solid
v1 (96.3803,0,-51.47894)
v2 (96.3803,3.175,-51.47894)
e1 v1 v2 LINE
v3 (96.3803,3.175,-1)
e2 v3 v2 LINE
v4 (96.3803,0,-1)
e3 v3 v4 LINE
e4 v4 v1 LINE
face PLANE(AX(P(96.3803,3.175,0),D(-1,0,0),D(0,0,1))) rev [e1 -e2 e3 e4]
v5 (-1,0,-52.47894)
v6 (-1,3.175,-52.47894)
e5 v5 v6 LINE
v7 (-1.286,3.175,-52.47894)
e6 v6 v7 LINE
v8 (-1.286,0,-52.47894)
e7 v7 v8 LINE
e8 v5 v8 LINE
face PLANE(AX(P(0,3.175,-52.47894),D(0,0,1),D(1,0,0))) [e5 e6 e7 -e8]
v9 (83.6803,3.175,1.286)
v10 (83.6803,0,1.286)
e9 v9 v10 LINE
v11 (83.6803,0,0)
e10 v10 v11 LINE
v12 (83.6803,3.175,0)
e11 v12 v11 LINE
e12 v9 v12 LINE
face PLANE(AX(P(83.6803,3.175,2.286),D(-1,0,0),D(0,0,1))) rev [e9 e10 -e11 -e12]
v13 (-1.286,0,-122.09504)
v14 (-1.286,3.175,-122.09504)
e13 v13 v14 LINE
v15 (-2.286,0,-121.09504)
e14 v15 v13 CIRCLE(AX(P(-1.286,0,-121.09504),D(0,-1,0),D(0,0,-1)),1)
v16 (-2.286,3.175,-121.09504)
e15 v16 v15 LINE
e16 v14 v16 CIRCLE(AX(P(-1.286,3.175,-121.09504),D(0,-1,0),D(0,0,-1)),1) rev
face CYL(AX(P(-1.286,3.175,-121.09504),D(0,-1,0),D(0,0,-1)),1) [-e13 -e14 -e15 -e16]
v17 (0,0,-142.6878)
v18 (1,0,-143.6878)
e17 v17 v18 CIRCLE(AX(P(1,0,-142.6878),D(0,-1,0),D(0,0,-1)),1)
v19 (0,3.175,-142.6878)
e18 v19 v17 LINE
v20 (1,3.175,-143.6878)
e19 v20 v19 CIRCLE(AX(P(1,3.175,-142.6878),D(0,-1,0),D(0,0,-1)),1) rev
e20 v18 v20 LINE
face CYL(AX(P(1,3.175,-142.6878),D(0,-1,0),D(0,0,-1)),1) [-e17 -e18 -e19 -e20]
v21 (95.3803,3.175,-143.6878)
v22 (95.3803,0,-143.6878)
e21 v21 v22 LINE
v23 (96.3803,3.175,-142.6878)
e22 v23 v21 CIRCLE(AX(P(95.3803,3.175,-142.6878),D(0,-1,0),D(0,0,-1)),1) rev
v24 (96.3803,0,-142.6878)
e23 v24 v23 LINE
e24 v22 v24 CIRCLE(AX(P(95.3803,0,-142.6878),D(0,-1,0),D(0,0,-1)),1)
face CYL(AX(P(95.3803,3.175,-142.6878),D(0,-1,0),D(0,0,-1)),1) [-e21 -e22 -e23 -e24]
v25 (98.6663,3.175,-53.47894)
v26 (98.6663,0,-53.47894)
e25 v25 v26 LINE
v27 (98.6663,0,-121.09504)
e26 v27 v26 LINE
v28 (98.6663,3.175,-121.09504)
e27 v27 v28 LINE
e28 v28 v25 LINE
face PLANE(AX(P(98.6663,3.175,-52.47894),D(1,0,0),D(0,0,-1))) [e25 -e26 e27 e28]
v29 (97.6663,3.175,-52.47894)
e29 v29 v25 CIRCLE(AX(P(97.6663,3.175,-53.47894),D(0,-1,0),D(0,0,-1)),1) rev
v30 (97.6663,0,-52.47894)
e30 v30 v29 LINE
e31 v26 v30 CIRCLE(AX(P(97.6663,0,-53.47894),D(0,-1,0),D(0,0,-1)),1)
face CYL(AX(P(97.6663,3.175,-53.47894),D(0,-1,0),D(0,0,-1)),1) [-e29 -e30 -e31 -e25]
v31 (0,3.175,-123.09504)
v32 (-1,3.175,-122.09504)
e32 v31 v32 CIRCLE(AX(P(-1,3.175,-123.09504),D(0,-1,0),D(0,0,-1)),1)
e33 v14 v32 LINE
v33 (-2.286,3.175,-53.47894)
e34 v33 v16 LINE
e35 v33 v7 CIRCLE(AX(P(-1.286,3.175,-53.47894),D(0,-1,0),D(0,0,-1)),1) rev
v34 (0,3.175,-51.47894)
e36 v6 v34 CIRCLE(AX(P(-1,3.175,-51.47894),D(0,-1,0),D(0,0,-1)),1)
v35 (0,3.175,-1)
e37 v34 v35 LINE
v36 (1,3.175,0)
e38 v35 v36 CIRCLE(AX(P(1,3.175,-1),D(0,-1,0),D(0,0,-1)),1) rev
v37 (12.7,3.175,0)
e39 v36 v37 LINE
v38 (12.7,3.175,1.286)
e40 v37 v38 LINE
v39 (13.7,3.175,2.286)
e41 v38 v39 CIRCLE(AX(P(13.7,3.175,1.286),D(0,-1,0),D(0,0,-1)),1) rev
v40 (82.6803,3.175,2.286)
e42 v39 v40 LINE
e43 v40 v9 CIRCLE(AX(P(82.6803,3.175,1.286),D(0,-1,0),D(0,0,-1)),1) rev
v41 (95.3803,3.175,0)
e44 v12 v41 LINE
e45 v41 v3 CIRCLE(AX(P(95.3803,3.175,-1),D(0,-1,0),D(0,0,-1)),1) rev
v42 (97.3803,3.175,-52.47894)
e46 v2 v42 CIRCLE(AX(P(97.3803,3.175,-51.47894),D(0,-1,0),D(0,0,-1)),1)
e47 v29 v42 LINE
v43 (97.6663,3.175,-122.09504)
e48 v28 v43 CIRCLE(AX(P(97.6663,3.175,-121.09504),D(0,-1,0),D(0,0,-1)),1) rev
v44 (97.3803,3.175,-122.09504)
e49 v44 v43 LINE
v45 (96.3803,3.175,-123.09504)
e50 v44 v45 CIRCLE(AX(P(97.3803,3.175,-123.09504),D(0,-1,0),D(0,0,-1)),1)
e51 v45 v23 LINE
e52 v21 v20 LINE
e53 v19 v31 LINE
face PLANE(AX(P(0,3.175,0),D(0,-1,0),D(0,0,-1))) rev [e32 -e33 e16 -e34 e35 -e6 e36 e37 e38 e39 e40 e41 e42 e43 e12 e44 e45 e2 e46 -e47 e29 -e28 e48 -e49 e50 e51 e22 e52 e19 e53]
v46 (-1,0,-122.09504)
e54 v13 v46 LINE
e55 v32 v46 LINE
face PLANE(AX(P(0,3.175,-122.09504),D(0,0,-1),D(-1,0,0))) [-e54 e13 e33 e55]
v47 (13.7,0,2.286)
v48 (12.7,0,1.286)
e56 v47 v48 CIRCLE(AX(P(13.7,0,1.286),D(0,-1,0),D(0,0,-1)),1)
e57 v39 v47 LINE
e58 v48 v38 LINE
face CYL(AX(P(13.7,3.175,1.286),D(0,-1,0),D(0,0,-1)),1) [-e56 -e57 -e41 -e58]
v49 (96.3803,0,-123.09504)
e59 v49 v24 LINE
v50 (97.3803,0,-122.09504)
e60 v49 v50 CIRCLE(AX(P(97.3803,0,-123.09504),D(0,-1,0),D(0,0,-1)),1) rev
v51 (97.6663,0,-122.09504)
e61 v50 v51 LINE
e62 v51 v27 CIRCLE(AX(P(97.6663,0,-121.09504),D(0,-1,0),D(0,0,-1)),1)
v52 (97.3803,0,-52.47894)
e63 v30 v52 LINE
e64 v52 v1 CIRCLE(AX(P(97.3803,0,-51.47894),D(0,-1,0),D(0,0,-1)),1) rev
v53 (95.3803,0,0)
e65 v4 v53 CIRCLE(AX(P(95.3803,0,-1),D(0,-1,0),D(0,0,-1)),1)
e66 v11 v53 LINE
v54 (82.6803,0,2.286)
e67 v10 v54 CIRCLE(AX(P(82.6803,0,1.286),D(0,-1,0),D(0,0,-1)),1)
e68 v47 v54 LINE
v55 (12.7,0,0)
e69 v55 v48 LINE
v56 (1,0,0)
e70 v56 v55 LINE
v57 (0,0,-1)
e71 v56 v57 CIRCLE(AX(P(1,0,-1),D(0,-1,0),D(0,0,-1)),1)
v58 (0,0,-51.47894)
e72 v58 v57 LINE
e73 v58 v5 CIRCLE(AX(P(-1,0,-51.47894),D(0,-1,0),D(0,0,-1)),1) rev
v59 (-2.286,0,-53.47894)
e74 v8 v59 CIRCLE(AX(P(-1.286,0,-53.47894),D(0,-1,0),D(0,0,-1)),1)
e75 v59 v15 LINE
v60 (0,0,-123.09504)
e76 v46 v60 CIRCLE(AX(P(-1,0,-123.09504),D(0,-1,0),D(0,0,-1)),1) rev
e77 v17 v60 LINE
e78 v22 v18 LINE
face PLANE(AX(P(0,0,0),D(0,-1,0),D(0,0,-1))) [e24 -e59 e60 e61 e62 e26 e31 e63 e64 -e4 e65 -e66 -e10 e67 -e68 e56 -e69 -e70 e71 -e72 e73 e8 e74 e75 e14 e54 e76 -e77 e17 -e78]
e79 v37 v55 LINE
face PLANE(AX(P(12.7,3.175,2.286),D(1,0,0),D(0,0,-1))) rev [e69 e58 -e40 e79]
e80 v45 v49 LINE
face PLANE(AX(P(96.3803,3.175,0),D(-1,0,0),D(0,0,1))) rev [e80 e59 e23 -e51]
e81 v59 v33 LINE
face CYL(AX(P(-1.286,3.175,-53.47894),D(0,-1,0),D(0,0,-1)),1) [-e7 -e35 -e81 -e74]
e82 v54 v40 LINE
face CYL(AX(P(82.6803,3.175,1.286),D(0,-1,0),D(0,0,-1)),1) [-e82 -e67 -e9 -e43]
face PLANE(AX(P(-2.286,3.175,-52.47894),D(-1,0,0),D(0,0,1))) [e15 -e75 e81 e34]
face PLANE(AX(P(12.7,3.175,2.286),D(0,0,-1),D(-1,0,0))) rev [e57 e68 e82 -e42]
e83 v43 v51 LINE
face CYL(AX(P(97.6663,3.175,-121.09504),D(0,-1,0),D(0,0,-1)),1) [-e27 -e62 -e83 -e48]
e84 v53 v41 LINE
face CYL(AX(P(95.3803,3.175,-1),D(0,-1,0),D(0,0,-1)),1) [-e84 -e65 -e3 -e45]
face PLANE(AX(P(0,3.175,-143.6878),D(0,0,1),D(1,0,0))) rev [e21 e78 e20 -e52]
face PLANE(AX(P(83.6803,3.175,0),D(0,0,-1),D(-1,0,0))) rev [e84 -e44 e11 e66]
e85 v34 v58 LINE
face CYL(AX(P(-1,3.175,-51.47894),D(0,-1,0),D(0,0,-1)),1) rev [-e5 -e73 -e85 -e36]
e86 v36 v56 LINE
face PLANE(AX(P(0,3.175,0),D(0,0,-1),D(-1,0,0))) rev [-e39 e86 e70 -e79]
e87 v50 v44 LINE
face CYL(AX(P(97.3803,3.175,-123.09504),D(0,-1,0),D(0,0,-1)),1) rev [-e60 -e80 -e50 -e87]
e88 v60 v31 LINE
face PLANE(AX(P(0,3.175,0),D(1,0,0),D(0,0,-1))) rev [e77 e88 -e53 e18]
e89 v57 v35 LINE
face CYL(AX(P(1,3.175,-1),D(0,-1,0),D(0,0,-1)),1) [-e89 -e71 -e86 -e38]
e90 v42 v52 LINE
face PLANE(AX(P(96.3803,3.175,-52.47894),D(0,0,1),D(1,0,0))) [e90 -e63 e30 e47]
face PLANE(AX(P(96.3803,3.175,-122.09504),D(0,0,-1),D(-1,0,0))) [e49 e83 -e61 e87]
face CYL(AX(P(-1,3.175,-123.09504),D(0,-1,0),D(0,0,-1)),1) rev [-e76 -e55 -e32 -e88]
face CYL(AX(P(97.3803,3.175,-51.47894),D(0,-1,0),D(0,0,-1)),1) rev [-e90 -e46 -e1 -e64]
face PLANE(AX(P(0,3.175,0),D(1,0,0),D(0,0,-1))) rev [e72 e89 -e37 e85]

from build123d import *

# Parameters (mm, degrees)
BOSS_EXTRUDE1_DEPTH = 3.175
SKETCH2_W           = 2.286
SKETCH2_H           = 69.616100292
BOSS_EXTRUDE2_DEPTH = 3.175
FILLET1_R           = 1


with BuildPart() as part:
    # Sketch1 → Boss-Extrude1 (new body)
    with BuildSketch(Plane(origin=(0, 0, 0), x_dir=(1, 0, 0), z_dir=(0, 1, 0))):
        Polygon((83.6803, 0), (96.3803, 0), (96.3803, 143.6878), (0, 143.6878), (0, 0), (12.7, 0), (12.7, -2.286), (83.6803, -2.286), align=None)
    extrude(amount=BOSS_EXTRUDE1_DEPTH)

    # Sketch2 → Boss-Extrude2 (add, through all)
    with BuildSketch(Plane.XZ):
        with Locations((-1.143, -87.286990146)):
            Rectangle(SKETCH2_W, SKETCH2_H)
        with Locations((97.5233, -87.286990146)):
            Rectangle(SKETCH2_W, SKETCH2_H)
    extrude(amount=-BOSS_EXTRUDE2_DEPTH)

    # Fillet1
    fillet1_edges = [part.edges().sort_by_distance(p)[0] for p in [
        (0, 1.5875, -143.6878),
        (96.3803, 1.5875, -143.6878),
        (96.3803, 1.5875, 0),
        (83.6803, 1.5875, 2.286),
        (12.7, 1.5875, 2.286),
        (0, 1.5875, 0),
        (0, 1.5875, -52.47894),
        (0, 1.5875, -122.095040292),
        (-2.286, 1.5875, -122.095040292),
        (-2.286, 1.5875, -52.47894),
        (96.3803, 1.5875, -122.095040292),
        (96.3803, 1.5875, -52.47894),
        (98.6663, 1.5875, -52.47894),
        (98.6663, 1.5875, -122.095040292),
    ]]
    fillet(fillet1_edges, radius=FILLET1_R)


solid = part.part
